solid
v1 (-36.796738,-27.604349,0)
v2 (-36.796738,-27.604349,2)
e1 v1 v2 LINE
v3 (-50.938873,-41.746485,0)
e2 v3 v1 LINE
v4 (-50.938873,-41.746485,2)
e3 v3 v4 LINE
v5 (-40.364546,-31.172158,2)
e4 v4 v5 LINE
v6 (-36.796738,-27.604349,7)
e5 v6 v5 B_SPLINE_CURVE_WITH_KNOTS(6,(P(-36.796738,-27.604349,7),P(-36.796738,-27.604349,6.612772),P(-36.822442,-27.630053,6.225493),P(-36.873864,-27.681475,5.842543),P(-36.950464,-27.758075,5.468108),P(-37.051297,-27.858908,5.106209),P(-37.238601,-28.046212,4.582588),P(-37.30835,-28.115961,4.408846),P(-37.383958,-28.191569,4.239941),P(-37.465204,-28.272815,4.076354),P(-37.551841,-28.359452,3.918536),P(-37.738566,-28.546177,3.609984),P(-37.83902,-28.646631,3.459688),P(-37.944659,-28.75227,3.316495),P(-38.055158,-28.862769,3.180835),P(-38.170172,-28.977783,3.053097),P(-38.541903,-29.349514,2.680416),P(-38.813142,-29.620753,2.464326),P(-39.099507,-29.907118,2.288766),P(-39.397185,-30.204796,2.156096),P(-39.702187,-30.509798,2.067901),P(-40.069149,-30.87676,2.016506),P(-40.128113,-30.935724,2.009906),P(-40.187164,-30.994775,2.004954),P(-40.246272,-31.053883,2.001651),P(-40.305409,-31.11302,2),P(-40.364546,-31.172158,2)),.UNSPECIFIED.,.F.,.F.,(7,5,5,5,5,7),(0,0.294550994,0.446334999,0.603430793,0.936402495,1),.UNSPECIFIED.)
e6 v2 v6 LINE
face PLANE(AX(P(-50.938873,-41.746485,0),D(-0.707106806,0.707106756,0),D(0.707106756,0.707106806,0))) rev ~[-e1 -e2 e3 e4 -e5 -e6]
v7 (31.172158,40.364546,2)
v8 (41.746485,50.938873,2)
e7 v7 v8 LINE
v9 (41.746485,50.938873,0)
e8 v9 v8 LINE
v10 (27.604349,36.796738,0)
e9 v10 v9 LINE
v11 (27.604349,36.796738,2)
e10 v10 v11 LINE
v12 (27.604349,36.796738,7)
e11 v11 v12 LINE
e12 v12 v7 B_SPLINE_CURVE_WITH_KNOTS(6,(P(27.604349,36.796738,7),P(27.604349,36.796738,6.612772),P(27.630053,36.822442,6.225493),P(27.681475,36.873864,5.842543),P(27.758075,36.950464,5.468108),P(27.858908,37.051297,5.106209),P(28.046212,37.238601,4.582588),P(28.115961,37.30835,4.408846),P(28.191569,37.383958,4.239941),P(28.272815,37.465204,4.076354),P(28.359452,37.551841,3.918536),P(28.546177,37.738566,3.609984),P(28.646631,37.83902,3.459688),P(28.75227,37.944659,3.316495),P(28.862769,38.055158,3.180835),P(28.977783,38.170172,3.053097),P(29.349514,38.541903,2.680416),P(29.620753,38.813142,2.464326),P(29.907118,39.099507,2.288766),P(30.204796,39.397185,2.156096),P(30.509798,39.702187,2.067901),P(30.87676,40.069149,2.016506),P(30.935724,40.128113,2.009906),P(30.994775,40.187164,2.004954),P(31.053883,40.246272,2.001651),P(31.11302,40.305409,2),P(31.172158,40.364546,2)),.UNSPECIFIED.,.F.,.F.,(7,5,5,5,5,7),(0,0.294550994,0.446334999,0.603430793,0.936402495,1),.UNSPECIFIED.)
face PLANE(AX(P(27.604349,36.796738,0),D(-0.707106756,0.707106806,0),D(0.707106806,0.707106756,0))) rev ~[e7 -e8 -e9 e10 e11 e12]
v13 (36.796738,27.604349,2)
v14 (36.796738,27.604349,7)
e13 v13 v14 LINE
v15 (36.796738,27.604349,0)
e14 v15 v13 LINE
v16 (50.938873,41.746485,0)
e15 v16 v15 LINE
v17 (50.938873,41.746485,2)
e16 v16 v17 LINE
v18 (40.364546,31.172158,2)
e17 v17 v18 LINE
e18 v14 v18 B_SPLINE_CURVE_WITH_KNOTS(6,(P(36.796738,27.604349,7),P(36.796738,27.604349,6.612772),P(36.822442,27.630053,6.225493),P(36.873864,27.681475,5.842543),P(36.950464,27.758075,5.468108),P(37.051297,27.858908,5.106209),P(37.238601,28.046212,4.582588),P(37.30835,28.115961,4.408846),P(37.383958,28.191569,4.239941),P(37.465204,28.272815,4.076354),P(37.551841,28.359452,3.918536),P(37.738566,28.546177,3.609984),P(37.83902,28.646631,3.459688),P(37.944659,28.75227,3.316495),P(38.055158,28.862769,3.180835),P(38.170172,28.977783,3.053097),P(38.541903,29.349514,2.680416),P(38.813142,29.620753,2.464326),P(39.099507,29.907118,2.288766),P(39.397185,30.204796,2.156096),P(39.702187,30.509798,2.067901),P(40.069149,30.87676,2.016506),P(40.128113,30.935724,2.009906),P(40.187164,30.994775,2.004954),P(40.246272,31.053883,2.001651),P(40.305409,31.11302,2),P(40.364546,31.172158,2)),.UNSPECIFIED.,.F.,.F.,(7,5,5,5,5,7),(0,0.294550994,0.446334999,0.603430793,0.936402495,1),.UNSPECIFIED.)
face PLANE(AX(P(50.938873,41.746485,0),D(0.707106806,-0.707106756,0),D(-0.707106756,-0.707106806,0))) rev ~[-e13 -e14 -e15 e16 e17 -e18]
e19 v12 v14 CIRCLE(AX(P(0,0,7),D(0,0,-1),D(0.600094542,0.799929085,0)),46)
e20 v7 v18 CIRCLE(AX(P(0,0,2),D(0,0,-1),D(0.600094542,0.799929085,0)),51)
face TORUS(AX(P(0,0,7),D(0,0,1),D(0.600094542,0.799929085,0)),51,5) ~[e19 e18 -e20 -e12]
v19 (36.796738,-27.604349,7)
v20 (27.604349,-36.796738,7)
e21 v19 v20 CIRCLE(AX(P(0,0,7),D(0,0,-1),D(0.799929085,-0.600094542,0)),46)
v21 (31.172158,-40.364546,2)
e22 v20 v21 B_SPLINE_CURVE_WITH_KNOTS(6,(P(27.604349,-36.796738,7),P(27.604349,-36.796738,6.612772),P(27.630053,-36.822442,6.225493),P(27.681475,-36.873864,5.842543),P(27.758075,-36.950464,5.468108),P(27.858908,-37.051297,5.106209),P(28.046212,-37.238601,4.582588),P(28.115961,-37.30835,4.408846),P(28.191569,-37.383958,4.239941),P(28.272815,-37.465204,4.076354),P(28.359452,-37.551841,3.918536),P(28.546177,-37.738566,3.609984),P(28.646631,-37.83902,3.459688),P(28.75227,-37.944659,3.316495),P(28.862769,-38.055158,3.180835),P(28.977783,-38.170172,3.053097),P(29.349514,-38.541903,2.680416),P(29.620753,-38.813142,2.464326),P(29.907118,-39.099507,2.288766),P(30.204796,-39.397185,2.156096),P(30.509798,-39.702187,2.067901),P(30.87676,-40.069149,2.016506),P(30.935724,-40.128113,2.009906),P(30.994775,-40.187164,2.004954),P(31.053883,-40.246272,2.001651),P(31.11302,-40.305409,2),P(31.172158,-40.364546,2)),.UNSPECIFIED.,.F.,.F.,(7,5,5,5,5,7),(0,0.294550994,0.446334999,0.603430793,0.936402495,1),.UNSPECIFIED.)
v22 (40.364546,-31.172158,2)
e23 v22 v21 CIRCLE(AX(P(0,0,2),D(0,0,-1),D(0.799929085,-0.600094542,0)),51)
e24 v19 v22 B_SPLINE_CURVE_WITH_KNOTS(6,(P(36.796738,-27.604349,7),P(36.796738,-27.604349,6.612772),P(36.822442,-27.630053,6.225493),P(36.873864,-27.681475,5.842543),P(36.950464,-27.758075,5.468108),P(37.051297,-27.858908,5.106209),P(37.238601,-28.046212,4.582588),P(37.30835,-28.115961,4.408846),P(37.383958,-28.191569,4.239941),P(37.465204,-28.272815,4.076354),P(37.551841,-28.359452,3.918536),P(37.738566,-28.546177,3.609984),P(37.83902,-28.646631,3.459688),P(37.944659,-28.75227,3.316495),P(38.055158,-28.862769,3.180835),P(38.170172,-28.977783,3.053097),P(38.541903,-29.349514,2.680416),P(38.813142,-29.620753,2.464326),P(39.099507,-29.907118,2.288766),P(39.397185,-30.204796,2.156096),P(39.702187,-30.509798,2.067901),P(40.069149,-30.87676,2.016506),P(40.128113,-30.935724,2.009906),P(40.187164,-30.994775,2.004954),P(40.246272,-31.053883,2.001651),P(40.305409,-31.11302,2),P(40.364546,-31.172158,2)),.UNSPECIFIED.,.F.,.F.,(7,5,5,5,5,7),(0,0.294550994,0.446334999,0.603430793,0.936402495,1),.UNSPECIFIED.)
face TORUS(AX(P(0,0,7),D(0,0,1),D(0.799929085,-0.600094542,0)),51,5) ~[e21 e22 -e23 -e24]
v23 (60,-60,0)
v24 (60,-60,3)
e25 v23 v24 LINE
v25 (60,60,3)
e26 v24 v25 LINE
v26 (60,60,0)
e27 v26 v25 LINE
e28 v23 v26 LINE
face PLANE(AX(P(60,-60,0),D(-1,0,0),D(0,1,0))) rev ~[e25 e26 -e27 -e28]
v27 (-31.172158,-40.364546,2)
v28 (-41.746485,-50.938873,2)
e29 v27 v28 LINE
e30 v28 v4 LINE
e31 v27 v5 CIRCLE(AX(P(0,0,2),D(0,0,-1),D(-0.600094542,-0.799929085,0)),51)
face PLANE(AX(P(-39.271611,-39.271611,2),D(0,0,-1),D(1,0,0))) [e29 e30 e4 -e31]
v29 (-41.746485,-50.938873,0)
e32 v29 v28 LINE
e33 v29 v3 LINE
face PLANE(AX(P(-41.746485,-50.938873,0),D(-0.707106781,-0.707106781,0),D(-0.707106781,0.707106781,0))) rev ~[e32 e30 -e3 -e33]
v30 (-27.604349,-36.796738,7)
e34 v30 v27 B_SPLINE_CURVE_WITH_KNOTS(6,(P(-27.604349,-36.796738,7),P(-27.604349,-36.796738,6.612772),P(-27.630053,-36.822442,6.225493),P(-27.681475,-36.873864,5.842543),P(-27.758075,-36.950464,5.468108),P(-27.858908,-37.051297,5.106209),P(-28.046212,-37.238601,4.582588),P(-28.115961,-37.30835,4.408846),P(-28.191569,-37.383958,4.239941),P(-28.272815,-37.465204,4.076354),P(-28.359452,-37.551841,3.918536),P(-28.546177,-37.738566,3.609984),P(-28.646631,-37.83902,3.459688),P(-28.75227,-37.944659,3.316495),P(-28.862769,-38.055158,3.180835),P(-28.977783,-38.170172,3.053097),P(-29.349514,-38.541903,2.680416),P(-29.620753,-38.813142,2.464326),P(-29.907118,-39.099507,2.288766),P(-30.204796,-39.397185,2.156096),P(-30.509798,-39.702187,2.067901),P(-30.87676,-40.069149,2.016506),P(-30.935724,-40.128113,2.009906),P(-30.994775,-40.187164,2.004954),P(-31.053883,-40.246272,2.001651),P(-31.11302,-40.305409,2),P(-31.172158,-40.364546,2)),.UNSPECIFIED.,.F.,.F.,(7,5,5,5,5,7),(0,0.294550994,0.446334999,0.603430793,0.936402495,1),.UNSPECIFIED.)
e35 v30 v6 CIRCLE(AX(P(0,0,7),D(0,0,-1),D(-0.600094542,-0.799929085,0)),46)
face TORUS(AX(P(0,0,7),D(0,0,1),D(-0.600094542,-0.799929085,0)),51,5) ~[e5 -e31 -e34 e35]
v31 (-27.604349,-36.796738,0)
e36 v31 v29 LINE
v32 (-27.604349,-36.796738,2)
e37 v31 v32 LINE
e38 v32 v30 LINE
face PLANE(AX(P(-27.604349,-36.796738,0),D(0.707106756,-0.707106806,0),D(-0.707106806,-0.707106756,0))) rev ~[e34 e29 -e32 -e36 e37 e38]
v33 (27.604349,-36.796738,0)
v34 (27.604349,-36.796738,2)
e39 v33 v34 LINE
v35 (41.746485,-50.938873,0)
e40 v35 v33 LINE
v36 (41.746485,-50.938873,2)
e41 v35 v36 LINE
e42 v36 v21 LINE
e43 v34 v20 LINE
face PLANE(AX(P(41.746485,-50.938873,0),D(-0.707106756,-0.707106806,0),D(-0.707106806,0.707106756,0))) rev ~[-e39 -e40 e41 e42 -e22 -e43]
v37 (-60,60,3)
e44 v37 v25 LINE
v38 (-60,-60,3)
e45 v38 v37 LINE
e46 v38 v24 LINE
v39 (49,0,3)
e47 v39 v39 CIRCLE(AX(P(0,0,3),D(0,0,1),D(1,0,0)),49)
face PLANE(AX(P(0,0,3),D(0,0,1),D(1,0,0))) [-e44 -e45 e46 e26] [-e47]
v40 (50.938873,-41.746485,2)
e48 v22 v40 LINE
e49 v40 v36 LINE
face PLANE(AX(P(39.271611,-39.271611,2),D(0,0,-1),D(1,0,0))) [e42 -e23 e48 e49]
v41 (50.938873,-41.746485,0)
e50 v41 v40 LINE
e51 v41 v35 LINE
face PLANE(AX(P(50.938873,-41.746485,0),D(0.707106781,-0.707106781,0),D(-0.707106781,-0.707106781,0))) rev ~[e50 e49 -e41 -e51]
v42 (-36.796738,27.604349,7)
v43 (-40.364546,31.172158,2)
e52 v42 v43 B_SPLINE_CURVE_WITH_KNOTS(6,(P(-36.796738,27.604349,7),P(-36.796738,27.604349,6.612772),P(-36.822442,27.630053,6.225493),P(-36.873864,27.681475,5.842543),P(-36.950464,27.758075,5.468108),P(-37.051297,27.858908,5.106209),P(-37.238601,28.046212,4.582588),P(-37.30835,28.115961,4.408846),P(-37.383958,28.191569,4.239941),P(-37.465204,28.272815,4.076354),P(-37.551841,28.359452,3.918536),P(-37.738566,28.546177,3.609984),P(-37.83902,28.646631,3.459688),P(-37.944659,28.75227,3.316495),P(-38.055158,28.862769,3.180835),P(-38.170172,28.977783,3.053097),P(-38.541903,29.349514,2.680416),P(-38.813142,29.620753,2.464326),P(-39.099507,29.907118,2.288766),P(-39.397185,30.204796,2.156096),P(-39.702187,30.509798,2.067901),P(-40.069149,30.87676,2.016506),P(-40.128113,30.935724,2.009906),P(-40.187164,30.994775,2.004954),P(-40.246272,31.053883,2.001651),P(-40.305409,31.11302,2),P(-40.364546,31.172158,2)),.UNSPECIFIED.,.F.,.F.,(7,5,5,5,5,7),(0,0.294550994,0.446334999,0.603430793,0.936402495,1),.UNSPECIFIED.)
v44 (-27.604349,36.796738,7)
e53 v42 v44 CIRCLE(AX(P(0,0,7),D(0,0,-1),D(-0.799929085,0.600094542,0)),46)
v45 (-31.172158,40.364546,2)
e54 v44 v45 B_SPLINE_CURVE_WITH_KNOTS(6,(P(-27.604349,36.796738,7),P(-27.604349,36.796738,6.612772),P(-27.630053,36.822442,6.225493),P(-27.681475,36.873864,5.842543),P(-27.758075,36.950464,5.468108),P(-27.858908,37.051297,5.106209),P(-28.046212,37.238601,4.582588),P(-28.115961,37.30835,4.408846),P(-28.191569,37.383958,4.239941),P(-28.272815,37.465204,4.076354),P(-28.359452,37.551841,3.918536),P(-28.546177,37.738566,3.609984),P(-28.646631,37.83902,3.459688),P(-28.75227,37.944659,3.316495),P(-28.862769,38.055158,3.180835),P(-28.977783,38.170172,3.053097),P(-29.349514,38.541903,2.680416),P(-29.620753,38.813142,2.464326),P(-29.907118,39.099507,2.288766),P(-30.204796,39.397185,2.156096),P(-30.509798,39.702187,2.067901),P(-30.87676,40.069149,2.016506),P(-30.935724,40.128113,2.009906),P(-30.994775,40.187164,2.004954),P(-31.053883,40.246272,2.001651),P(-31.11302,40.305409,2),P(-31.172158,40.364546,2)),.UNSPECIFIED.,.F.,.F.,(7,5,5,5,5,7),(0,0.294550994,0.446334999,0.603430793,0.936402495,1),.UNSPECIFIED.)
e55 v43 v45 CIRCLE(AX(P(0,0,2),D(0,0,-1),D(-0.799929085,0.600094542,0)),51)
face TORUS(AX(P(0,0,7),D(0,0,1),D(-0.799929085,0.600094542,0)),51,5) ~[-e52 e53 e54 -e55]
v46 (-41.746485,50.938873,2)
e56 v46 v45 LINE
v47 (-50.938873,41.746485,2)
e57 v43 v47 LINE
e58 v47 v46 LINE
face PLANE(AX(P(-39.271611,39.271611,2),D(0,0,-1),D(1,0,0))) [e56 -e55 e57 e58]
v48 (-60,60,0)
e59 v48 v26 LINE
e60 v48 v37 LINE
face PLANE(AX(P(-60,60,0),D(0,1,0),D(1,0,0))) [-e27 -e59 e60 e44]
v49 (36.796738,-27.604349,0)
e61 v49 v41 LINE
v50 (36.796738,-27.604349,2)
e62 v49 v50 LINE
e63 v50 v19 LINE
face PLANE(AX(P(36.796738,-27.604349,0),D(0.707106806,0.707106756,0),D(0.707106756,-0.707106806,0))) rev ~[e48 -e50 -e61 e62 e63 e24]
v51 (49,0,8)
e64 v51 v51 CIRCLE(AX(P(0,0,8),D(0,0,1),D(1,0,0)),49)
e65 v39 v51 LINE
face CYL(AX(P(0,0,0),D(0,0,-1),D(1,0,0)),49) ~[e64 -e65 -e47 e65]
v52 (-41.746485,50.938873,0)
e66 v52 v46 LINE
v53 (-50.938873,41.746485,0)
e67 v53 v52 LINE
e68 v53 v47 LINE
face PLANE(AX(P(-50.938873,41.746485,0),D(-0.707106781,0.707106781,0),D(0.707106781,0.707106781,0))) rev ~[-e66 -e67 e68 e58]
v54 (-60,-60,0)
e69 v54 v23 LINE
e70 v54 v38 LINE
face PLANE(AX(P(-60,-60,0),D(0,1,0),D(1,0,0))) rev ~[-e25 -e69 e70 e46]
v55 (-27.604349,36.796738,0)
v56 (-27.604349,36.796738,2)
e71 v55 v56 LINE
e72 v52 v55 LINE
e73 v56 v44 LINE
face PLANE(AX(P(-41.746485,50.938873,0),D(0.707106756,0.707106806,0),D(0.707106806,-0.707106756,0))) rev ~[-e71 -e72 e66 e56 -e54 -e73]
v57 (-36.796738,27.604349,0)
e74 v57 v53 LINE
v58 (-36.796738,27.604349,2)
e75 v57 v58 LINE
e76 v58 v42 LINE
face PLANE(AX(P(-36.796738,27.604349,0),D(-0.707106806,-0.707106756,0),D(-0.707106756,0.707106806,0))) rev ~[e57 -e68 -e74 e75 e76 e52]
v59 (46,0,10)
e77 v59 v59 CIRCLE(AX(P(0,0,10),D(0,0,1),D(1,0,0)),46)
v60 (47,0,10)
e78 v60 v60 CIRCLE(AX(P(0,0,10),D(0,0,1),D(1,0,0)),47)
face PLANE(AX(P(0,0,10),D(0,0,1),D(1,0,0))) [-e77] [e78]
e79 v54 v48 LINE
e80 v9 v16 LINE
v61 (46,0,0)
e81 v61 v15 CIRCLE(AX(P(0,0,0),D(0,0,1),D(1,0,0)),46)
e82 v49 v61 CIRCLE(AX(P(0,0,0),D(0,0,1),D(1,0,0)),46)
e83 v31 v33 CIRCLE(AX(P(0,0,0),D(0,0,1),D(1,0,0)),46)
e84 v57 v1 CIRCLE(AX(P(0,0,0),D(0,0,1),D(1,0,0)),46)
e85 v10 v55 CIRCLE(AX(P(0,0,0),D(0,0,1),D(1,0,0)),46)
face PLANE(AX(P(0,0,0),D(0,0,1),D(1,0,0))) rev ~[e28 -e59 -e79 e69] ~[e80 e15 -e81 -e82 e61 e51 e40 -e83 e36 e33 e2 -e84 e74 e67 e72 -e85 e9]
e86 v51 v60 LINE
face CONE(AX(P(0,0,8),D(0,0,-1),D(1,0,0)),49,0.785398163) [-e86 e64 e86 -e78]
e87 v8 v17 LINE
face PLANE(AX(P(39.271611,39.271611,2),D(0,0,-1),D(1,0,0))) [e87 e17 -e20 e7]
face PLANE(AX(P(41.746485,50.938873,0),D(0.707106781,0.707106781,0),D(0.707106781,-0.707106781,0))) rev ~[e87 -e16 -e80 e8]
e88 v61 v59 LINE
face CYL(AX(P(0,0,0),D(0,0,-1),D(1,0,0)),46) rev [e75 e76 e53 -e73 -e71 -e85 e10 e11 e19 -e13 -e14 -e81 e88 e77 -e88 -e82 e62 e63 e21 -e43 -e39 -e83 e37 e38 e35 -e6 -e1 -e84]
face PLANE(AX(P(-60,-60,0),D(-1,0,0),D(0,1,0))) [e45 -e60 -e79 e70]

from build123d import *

# Parameters (mm, degrees)
F0_R     = 49
F0_R_2   = 46
F1_DEPTH = 10
F0_W     = 120
F0_H     = 120
F2_DEPTH = 3
F3_SIZE  = 2
F5_DEPTH = 2
F6_R     = 5


with BuildPart() as f1:
    # F0 (on Top) → F1 (new body)
    with BuildSketch(Plane.XY):
        Circle(F0_R)
        Circle(F0_R_2, mode=Mode.SUBTRACT)
    extrude(amount=F1_DEPTH)

    # F0 (on Top) → F2 (join)
    with BuildSketch(Plane.XY):
        Rectangle(F0_W, F0_H)
        Circle(F0_R, mode=Mode.SUBTRACT)
    extrude(amount=F2_DEPTH)

    # F3
    f3_edges = [f1.edges().sort_by_distance(p)[0] for p in [
        (-49, 0, 10),
    ]]
    chamfer(f3_edges, length=F3_SIZE)

    # F4 (on face) → F5 (cut)
    with BuildSketch(Plane(origin=(0, 0, 0), x_dir=(1, 0, 0), z_dir=(0, 0, -1))):
        Polygon((-27.604349, 36.796738), (-41.746485, 50.938873), (-50.938873, 41.746485), (-36.796738, 27.604349), align=None)
        Polygon((41.746485, -50.938873), (50.938873, -41.746485), (36.796738, -27.604349), (27.604349, -36.796738), align=None)
        Polygon((50.938873, 41.746485), (41.746485, 50.938873), (27.604349, 36.796738), (36.796738, 27.604349), align=None)
        Polygon((-36.796738, -27.604349), (-50.938873, -41.746485), (-41.746485, -50.938873), (-27.604349, -36.796738), align=None)
    extrude(amount=-F5_DEPTH, mode=Mode.SUBTRACT)

    # F6
    f6_edges = [f1.edges().sort_by_distance(p)[0] for p in [
        (-32.526912, -32.526912, 2),
        (32.526912, -32.526912, 2),
        (32.526912, 32.526912, 2),
        (-32.526912, 32.526912, 2),
    ]]
    fillet(f6_edges, radius=F6_R)


solid = f1.part
